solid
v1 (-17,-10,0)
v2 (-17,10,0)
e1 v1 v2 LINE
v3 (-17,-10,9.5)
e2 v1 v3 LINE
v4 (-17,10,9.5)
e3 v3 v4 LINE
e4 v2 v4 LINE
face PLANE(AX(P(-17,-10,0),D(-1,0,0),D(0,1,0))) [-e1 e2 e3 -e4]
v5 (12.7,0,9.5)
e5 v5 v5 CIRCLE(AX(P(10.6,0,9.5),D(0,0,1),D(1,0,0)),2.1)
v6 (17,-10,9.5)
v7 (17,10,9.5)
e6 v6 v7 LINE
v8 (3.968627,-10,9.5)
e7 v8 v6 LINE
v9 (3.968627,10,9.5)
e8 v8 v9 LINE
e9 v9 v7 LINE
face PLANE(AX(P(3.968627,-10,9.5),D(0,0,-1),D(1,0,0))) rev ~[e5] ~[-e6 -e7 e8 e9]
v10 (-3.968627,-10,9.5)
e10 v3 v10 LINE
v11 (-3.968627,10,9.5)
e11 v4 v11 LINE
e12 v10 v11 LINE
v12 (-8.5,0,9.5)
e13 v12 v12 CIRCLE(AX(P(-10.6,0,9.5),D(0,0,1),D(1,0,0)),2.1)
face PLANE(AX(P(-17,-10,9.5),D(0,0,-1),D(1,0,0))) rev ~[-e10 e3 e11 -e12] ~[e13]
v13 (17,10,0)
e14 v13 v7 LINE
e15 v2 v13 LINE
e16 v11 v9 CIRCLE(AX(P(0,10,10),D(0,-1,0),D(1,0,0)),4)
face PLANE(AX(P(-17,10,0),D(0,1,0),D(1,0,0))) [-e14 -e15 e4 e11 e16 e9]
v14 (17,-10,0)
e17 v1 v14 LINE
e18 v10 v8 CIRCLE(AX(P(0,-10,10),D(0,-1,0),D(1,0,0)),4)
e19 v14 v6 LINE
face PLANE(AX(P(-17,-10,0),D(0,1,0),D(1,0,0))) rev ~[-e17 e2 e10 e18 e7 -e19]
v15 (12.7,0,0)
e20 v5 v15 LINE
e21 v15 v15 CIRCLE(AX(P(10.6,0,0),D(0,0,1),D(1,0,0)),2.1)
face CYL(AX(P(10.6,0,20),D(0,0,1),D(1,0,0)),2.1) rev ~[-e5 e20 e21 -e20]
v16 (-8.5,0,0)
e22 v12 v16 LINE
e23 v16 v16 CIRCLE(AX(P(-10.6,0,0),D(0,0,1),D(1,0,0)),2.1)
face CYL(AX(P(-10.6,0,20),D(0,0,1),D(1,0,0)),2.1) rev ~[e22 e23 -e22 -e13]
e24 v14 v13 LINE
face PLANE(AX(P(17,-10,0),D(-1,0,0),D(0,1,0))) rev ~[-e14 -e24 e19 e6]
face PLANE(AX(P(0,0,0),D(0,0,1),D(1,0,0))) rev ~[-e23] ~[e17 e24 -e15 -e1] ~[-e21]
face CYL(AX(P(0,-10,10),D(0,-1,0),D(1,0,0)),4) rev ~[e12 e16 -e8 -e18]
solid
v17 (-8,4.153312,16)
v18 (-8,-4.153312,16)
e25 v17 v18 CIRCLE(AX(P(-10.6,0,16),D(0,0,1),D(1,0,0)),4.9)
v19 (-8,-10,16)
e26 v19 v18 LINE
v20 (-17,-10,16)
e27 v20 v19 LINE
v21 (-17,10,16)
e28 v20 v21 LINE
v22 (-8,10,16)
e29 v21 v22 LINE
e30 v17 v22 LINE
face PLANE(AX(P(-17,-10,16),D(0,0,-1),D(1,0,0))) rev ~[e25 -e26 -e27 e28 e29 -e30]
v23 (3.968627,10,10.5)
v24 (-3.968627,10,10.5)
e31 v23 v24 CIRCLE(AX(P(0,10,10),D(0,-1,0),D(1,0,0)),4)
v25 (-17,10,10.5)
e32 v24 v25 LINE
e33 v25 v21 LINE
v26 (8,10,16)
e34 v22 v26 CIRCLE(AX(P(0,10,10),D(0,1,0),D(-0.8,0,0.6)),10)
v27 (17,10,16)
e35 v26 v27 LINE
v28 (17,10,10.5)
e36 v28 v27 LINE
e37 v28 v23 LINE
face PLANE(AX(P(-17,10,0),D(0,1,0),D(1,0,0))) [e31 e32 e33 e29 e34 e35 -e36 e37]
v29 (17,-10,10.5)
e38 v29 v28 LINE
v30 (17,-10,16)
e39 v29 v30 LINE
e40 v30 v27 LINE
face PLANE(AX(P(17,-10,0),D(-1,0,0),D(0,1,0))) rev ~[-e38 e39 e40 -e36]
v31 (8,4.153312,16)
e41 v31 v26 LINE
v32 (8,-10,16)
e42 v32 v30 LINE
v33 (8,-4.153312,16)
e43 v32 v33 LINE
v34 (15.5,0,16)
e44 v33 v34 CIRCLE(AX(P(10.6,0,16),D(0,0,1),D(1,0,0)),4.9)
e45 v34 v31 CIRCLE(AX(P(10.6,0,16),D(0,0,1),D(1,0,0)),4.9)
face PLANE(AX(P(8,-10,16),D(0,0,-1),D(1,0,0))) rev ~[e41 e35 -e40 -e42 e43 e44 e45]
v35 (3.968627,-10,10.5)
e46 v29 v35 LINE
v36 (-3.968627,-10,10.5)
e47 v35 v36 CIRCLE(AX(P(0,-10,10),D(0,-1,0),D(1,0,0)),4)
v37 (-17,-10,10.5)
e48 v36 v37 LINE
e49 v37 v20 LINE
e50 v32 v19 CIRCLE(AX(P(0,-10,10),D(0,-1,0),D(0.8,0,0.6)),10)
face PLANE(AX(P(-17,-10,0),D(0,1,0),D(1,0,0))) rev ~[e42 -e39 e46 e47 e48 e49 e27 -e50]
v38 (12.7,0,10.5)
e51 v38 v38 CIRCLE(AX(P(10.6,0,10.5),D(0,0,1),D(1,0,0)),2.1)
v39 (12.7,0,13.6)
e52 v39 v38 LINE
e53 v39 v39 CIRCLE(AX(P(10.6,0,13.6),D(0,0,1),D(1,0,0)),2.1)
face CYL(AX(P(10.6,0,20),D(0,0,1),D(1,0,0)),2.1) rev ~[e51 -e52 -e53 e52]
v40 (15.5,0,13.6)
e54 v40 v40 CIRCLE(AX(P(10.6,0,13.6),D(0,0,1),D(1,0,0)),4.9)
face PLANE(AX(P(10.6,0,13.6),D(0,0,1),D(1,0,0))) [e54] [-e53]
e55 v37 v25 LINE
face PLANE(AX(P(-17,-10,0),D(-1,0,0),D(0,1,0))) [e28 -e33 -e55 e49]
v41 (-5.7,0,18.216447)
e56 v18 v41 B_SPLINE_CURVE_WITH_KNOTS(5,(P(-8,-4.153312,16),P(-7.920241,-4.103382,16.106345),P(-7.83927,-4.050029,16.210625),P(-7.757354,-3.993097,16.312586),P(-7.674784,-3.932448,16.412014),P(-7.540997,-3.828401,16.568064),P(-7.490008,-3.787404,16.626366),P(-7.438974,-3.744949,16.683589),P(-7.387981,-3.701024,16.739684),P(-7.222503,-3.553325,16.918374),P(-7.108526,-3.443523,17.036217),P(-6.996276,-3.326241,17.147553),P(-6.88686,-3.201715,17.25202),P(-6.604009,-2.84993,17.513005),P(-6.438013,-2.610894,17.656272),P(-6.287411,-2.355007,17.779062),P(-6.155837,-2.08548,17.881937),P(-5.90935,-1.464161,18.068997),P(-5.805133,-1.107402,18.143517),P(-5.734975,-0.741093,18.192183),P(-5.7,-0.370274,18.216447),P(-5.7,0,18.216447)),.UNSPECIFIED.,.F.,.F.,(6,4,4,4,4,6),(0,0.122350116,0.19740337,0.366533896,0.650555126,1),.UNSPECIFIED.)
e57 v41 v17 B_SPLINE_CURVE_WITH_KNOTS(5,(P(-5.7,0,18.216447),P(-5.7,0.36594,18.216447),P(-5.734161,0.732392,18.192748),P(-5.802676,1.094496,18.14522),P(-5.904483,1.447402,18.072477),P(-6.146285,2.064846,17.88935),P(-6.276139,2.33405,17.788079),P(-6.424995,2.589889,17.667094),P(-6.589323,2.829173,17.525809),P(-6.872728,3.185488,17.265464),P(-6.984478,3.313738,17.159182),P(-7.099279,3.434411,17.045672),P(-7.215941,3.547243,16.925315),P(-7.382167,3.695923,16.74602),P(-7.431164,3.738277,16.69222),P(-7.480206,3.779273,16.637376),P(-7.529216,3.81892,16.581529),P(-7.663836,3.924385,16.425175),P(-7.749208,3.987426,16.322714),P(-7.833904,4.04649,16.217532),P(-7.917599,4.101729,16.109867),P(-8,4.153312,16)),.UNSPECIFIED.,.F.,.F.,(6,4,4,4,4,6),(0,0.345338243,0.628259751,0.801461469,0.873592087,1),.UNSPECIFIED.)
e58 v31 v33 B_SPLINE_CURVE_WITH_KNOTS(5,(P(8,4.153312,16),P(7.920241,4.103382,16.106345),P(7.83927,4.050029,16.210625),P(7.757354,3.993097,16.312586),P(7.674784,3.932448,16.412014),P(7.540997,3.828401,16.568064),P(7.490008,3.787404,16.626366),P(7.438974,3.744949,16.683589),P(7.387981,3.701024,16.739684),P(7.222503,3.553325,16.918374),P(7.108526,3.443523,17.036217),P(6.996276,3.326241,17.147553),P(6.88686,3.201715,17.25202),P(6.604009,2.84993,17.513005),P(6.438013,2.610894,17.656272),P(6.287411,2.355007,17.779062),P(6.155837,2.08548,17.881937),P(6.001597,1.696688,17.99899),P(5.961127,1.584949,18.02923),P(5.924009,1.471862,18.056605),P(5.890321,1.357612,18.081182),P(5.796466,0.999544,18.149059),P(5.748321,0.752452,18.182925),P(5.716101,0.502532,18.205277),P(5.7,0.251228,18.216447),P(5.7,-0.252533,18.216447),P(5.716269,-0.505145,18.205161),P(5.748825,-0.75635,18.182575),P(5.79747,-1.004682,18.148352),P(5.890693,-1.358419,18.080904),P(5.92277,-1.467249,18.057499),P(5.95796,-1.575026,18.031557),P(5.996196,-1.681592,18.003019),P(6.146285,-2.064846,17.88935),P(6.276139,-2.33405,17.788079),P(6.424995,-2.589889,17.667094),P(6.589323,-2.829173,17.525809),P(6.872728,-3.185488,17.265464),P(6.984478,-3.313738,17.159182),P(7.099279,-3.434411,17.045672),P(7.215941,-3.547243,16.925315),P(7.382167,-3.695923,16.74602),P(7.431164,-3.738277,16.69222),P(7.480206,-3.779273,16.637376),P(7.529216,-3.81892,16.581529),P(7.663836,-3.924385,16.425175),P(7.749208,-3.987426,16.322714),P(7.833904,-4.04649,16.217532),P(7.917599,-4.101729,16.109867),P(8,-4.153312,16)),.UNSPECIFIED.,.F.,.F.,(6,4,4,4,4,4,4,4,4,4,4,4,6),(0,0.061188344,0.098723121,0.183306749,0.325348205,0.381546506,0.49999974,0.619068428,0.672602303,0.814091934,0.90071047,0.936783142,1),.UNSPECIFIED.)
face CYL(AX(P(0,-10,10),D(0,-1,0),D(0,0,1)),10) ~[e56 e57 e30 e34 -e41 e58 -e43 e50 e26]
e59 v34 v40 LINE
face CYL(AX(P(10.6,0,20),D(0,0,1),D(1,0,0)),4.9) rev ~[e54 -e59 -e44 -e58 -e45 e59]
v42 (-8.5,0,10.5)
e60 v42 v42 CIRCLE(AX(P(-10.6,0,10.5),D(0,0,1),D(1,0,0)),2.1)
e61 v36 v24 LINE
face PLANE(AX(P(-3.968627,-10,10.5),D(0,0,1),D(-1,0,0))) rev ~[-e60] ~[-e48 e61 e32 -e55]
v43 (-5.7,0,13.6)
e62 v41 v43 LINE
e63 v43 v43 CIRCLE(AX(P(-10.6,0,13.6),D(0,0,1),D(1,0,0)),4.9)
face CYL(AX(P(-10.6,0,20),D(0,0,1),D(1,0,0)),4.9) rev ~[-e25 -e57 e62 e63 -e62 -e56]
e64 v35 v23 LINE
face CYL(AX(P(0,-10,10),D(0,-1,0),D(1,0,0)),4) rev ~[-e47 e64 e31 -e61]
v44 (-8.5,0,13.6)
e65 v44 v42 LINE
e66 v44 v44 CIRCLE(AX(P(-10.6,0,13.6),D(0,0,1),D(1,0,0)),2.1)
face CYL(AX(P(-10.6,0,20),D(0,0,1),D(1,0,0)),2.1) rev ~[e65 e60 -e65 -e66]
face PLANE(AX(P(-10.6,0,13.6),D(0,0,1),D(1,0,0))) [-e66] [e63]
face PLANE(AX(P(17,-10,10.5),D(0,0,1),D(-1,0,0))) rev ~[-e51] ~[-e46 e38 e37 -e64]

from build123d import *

# Parameters (mm, degrees)
F0_W     = 34
F0_H     = 20
F1_DEPTH = 20
F2_R     = 4
F3_DEPTH = 20
F4_R     = 4.9
F4_R_2   = 2.1
F5_DEPTH = 6.4
F6_DEPTH = 20
F8_DEPTH = 20


with BuildPart() as f1:
    # F0 (on Top) → F1 (new body)
    with BuildSketch(Plane.XY):
        Rectangle(F0_W, F0_H)
    extrude(amount=F1_DEPTH)

    # F2 (on face) → F3 (cut, through all)
    with BuildSketch(Plane.XZ.offset(10)):
        with Locations((0, 10)):
            Circle(F2_R)
    extrude(amount=-F3_DEPTH, mode=Mode.SUBTRACT)

    # F4 (on face) → F5 (cut)
    with BuildSketch(Plane.XY.offset(20)):
        with Locations((-10.6, 0)):
            Circle(F4_R)
        with Locations((-10.6, 0)):
            Circle(F4_R_2, mode=Mode.SUBTRACT)
        with Locations((10.6, 0)):
            Circle(F4_R)
        with Locations((10.6, 0)):
            Circle(F4_R_2, mode=Mode.SUBTRACT)
    extrude(amount=-F5_DEPTH, mode=Mode.SUBTRACT)

    # F4 (on face) → F6 (cut, through all)
    with BuildSketch(Plane.XY.offset(20)):
        with Locations((-10.6, 0)):
            Circle(F4_R_2)
        with Locations((10.6, 0)):
            Circle(F4_R_2)
    extrude(amount=-F6_DEPTH, mode=Mode.SUBTRACT)

    # F7 (on face) → F8 (cut, through all)
    with BuildSketch(Plane.XZ.offset(10)):
        with BuildLine():
            ThreePointArc((-8, 16), (-4.472135955, 18.94427191), (0, 20))
            Line((0, 20), (-17, 20))
            Line((-17, 20), (-17, 16))
            Line((-17, 16), (-8, 16))
        make_face()
        with BuildLine():
            ThreePointArc((0, 20), (4.472135955, 18.94427191), (8, 16))
            Line((8, 16), (17, 16))
            Line((17, 16), (17, 20))
            Line((17, 20), (0, 20))
        make_face()
        with BuildLine():
            ThreePointArc((9.9874921777, 9.5), (9.9968725554, 9.7499217894), (10, 10))
            ThreePointArc((10, 10), (9.9968725554, 10.2500782106), (9.9874921777, 10.5))
            Line((9.9874921777, 10.5), (3.9686269666, 10.5))
            ThreePointArc((3.9686269666, 10.5), (3.9921490369, 10.2504916502), (4, 10))
            ThreePointArc((4, 10), (3.9921490369, 9.7495083498), (3.9686269666, 9.5))
            Line((3.9686269666, 9.5), (9.9874921777, 9.5))
        make_face()
        with BuildLine():
            ThreePointArc((9.9874921777, 10.5), (9.9968725554, 10.2500782106), (10, 10))
            ThreePointArc((10, 10), (9.9968725554, 9.7499217894), (9.9874921777, 9.5))
            Line((9.9874921777, 9.5), (17, 9.5))
            Line((17, 9.5), (17, 10.5))
            Line((17, 10.5), (9.9874921777, 10.5))
        make_face()
        with BuildLine():
            ThreePointArc((-3.9686269666, 9.5), (-4, 10), (-3.9686269666, 10.5))
            Line((-3.9686269666, 10.5), (-9.9874921777, 10.5))
            ThreePointArc((-9.9874921777, 10.5), (-10, 10), (-9.9874921777, 9.5))
            Line((-9.9874921777, 9.5), (-3.9686269666, 9.5))
        make_face()
        with BuildLine():
            Line((-17, 9.5), (-9.9874921777, 9.5))
            ThreePointArc((-9.9874921777, 9.5), (-10, 10), (-9.9874921777, 10.5))
            Line((-9.9874921777, 10.5), (-17, 10.5))
            Line((-17, 10.5), (-17, 9.5))
        make_face()
    extrude(amount=-F8_DEPTH, mode=Mode.SUBTRACT)


solid = f1.part
